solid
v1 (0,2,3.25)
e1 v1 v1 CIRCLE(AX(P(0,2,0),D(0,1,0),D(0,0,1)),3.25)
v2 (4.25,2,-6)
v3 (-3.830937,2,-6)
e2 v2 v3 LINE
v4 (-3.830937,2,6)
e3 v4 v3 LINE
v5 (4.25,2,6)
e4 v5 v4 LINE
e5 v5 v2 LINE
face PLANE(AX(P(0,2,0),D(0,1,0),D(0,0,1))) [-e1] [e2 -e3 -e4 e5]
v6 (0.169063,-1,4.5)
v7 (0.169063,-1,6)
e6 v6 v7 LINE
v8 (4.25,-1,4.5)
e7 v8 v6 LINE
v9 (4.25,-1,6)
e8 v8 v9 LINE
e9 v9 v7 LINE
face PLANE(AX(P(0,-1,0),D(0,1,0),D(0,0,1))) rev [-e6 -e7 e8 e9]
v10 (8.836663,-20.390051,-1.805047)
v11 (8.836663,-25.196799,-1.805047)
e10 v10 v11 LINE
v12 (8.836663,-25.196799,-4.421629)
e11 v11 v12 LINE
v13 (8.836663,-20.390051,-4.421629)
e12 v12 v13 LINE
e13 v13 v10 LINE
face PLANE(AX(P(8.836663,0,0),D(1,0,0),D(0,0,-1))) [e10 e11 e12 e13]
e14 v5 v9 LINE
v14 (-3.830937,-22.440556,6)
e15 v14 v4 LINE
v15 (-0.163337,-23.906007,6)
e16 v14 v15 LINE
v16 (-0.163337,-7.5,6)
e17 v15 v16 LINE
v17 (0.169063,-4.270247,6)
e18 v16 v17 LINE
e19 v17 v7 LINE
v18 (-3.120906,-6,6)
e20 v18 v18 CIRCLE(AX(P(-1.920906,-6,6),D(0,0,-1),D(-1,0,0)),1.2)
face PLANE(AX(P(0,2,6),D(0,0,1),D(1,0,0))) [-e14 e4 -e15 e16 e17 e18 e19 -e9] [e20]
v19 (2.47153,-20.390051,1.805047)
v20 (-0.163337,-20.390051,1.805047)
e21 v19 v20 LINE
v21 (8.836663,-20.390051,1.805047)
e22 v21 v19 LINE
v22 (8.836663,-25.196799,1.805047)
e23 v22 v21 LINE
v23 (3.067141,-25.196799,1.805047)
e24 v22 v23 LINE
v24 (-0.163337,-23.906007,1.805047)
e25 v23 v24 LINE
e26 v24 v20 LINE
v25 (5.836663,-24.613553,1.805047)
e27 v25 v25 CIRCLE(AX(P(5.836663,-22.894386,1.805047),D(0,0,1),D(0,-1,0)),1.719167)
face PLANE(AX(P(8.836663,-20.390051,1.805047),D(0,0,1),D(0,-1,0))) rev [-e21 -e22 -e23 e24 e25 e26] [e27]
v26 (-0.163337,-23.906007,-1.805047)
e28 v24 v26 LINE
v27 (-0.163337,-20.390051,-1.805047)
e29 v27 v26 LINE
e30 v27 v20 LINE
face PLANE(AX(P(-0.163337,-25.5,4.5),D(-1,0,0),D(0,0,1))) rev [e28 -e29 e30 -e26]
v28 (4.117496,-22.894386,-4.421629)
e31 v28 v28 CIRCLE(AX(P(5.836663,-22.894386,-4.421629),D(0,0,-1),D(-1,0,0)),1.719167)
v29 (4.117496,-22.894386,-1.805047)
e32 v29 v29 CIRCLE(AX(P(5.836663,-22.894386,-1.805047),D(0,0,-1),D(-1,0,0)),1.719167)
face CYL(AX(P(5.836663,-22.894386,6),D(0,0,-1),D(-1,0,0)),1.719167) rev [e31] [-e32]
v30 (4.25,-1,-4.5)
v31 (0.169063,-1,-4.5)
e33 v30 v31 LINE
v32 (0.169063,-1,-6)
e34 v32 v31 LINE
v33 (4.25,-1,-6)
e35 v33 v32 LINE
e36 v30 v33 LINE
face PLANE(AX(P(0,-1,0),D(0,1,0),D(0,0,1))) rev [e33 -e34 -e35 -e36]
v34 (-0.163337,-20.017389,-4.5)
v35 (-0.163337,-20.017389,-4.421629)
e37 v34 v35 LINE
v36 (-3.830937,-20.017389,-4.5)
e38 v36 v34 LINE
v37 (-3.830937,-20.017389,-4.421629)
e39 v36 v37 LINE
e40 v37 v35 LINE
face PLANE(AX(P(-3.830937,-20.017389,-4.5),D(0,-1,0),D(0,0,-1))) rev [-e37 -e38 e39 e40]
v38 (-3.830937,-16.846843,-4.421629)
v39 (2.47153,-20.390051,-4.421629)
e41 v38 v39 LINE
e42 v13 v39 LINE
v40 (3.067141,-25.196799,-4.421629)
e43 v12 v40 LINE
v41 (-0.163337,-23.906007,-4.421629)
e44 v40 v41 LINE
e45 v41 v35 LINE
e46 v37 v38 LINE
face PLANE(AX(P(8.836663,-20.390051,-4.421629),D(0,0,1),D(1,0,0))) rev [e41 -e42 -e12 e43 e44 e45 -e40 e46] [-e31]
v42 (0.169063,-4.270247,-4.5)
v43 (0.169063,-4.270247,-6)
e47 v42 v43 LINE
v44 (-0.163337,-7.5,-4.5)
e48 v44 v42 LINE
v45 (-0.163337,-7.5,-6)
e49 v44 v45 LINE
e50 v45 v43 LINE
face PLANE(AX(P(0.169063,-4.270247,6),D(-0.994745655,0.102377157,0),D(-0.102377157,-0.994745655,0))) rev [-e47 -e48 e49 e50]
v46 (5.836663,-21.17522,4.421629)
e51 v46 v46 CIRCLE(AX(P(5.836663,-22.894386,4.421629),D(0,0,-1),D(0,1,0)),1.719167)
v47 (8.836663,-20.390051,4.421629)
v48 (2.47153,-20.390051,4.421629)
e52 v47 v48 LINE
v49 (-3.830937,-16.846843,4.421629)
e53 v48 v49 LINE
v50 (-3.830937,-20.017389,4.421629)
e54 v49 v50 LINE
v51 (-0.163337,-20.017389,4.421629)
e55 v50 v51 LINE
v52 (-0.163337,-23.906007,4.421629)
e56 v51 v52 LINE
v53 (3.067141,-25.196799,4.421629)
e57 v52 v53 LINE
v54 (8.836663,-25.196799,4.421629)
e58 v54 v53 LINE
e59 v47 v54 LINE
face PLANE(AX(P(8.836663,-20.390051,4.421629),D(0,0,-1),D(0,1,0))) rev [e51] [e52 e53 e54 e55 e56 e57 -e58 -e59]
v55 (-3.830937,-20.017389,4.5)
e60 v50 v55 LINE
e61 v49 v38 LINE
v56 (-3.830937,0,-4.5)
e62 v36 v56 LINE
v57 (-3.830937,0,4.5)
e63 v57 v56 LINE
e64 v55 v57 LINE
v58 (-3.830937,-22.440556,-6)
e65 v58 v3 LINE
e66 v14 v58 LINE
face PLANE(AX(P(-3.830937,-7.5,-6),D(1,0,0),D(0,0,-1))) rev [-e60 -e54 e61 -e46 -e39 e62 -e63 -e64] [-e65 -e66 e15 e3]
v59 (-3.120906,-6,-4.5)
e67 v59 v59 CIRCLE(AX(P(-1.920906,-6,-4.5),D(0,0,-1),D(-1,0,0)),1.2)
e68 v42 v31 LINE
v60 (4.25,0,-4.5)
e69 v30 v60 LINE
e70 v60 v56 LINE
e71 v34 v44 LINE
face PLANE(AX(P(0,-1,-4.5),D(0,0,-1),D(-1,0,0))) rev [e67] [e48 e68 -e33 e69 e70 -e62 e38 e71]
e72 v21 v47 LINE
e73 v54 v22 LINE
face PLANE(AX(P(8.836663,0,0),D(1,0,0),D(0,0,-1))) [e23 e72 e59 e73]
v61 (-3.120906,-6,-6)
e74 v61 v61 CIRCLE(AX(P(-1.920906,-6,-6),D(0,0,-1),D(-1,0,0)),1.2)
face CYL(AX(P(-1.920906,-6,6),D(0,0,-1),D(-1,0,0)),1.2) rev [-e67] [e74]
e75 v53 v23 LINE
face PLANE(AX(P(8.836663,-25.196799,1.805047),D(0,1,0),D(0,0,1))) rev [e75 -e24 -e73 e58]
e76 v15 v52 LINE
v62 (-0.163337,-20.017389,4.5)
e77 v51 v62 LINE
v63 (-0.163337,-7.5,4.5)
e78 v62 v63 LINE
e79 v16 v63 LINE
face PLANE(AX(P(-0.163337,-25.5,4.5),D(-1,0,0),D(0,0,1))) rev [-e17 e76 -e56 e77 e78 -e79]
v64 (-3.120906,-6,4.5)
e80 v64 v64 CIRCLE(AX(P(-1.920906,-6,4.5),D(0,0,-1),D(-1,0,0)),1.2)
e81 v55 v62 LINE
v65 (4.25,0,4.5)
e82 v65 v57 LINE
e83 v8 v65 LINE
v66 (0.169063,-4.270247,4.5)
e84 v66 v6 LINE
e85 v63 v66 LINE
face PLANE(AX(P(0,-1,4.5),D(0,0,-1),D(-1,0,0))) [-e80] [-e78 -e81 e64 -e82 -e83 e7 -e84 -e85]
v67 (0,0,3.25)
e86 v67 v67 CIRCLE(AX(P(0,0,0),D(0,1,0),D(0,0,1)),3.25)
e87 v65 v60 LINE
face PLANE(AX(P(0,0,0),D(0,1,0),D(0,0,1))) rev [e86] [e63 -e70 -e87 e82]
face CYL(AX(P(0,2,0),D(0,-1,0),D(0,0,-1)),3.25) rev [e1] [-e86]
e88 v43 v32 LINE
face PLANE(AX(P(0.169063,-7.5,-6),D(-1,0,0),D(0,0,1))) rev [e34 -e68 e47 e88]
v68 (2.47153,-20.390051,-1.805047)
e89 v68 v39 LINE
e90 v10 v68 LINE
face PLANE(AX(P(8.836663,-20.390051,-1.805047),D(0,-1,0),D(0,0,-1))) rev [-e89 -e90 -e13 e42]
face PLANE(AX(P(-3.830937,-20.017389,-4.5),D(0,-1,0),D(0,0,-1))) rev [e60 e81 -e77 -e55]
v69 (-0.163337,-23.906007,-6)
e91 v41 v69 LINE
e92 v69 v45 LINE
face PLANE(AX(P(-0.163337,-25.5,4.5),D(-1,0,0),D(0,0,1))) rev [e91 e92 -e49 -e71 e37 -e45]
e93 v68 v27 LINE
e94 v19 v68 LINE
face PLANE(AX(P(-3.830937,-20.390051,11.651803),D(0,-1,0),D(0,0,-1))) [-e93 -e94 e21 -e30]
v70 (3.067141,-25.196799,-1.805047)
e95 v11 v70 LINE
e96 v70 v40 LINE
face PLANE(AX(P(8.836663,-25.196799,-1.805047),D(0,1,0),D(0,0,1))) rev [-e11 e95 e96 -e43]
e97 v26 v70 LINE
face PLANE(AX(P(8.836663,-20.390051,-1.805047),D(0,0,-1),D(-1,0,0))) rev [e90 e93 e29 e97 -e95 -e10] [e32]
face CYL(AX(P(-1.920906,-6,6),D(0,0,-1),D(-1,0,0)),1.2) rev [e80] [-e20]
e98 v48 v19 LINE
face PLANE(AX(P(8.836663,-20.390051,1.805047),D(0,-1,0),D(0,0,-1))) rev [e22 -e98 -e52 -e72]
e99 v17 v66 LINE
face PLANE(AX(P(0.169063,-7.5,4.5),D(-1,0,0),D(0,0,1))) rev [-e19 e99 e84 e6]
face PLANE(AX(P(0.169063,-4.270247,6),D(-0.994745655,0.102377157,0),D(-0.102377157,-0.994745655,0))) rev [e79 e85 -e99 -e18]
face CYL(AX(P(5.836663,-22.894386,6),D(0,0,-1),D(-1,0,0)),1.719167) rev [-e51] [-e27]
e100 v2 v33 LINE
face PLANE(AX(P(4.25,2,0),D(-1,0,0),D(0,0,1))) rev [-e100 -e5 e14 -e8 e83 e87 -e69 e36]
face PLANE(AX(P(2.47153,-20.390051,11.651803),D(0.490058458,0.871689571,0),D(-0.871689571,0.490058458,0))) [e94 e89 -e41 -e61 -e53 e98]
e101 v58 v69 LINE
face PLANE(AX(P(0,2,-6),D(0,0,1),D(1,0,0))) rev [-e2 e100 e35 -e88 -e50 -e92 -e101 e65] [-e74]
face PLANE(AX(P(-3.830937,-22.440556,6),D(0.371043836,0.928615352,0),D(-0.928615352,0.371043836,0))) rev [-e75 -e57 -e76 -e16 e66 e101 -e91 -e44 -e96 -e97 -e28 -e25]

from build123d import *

# Parameters (mm, degrees)
SKETCH_1_R          = 3.25
EXTRUDE_1_DEPTH     = 2
SKETCH_1_3_W        = 8.5
SKETCH_1_3_H        = 1.5
EXTRUDE_2_DEPTH     = 1
SKETCH_2_W          = 4
SKETCH_2_H          = 1.5
EXTRUDE_3_DEPTH     = 6.5
CUT_EXTRUDE_1_DEPTH = 13
SKETCH_4_R          = 1.2
CUT_EXTRUDE_2_DEPTH = 13
SKETCH_5_W          = 0.419062678
SKETCH_5_H          = 3
CUT_EXTRUDE_3_DEPTH = 12
SKETCH_7_W          = 3.667600517
SKETCH_7_H          = 1.5
EXTRUDE_4_DEPTH     = 18
SKETCH_8_W          = 3.667600517
SKETCH_8_H          = 5.48261061
EXTRUDE_5_DEPTH     = 9
SKETCH_9_W          = 2.616581955
SKETCH_9_H          = 4.806747763
EXTRUDE_6_DEPTH     = 9
SKETCH_10_R         = 1.719166773
CUT_EXTRUDE_4_DEPTH = 11.421628998
CUT_EXTRUDE_5_DEPTH = 13
EXTRUDE_7_DEPTH     = 8.843258


with BuildPart() as part:
    # 草图1 → 凸台-拉伸1 (new body)
    with BuildSketch(Plane(origin=(0, 0, 0), x_dir=(1, 0, 0), z_dir=(0, 1, 0))):
        Polygon((-4.25, -4.25), (-4.25, -6), (4.25, -6), (4.25, -4.25), (4.25, 4.25), (4.25, 6), (-4.25, 6), (-4.25, 4.25), align=None)
        Circle(SKETCH_1_R, mode=Mode.SUBTRACT)
    extrude(amount=EXTRUDE_1_DEPTH)

    # 草图1<3> → 凸台-拉伸2 (add)
    with BuildSketch(Plane(origin=(0, 0, 0), x_dir=(1, 0, 0), z_dir=(0, 1, 0))):
        with Locations((0, -5.25)):
            Rectangle(SKETCH_1_3_W, SKETCH_1_3_H)
        with Locations((0, 5.25)):
            Rectangle(SKETCH_1_3_W, SKETCH_1_3_H)
    extrude(amount=-EXTRUDE_2_DEPTH)

    # 草图2 → 凸台-拉伸3 (add)
    with BuildSketch(Plane.XZ.offset(1)):
        with Locations((-1.830937322, -5.25)):
            Rectangle(SKETCH_2_W, SKETCH_2_H)
        with Locations((-1.830937322, 5.25)):
            Rectangle(SKETCH_2_W, SKETCH_2_H)
    extrude(amount=EXTRUDE_3_DEPTH)

    # 草图3 → 切除-拉伸1 (cut, through all)
    with BuildSketch(Plane(origin=(0, 0, -6), x_dir=(-1, 0, 0), z_dir=(0, 0, -1))):
        Polygon((-0.169062678, -4.270246896), (0.163336805, -7.5), (-0.169062678, -7.5), align=None)
    extrude(amount=-CUT_EXTRUDE_1_DEPTH, mode=Mode.SUBTRACT)

    # 草图4 → 切除-拉伸2 (cut, through all)
    with BuildSketch(Plane(origin=(0, 0, -6), x_dir=(-1, 0, 0), z_dir=(0, 0, -1))):
        with Locations((1.920905564, -6)):
            Circle(SKETCH_4_R)
    extrude(amount=-CUT_EXTRUDE_2_DEPTH, mode=Mode.SUBTRACT)

    # 草图5 → 切除-拉伸3 (cut)
    with BuildSketch(Plane(origin=(0, 0, -6), x_dir=(-1, 0, 0), z_dir=(0, 0, -1))):
        with Locations((4.040468661, 0.5)):
            Rectangle(SKETCH_5_W, SKETCH_5_H)
    extrude(amount=-CUT_EXTRUDE_3_DEPTH, mode=Mode.SUBTRACT)

    # 草图7 → 凸台-拉伸4 (add)
    with BuildSketch(Plane.XZ.offset(7.5)):
        with Locations((-1.997137064, 5.25)):
            Rectangle(SKETCH_7_W, SKETCH_7_H)
        with Locations((-1.997137064, -5.25)):
            Rectangle(SKETCH_7_W, SKETCH_7_H)
    extrude(amount=EXTRUDE_4_DEPTH)

    # 草图8 → 凸台-拉伸5 (add)
    with BuildSketch(Plane(origin=(0, 0, 4.5), x_dir=(-1, 0, 0), z_dir=(0, 0, -1))):
        with Locations((1.997137064, -22.758694695)):
            Rectangle(SKETCH_8_W, SKETCH_8_H)
    extrude(amount=EXTRUDE_5_DEPTH)

    # 草图9 → 凸台-拉伸6 (add)
    with BuildSketch(Plane(origin=(-0.163336805, 0, 0), x_dir=(0, 0, -1), z_dir=(1, 0, 0))):
        with Locations((3.113338021, -22.793424654)):
            Rectangle(SKETCH_9_W, SKETCH_9_H)
        with Locations((-3.113338021, -22.793424654)):
            Rectangle(SKETCH_9_W, SKETCH_9_H)
    extrude(amount=EXTRUDE_6_DEPTH)

    # 草图10 → 切除-拉伸4 (cut, through all)
    with BuildSketch(Plane(origin=(0, 0, -4.421628998), x_dir=(-1, 0, 0), z_dir=(0, 0, -1))):
        with Locations((-5.836663195, -22.894386417)):
            Circle(SKETCH_10_R)
    extrude(amount=-CUT_EXTRUDE_4_DEPTH, mode=Mode.SUBTRACT)

    # 草图11 → 切除-拉伸5 (cut, through all)
    with BuildSketch(Plane(origin=(0, 0, -6), x_dir=(-1, 0, 0), z_dir=(0, 0, -1))):
        Polygon((3.830937322, -22.440555736), (-3.067140817, -25.196798535), (0.381898253, -26.676483331), (3.830937322, -26.676483331), align=None)
    extrude(amount=-CUT_EXTRUDE_5_DEPTH, mode=Mode.SUBTRACT)

    # 草图13 → 凸台-拉伸7 (add)
    with BuildSketch(Plane(origin=(0, 0, -4.421628998), x_dir=(-1, 0, 0), z_dir=(0, 0, -1))):
        Polygon((-2.471529716, -20.390050772), (3.830937322, -16.84684298), (3.830937322, -20.390050772), align=None)
    extrude(amount=-EXTRUDE_7_DEPTH)


solid = part.part
